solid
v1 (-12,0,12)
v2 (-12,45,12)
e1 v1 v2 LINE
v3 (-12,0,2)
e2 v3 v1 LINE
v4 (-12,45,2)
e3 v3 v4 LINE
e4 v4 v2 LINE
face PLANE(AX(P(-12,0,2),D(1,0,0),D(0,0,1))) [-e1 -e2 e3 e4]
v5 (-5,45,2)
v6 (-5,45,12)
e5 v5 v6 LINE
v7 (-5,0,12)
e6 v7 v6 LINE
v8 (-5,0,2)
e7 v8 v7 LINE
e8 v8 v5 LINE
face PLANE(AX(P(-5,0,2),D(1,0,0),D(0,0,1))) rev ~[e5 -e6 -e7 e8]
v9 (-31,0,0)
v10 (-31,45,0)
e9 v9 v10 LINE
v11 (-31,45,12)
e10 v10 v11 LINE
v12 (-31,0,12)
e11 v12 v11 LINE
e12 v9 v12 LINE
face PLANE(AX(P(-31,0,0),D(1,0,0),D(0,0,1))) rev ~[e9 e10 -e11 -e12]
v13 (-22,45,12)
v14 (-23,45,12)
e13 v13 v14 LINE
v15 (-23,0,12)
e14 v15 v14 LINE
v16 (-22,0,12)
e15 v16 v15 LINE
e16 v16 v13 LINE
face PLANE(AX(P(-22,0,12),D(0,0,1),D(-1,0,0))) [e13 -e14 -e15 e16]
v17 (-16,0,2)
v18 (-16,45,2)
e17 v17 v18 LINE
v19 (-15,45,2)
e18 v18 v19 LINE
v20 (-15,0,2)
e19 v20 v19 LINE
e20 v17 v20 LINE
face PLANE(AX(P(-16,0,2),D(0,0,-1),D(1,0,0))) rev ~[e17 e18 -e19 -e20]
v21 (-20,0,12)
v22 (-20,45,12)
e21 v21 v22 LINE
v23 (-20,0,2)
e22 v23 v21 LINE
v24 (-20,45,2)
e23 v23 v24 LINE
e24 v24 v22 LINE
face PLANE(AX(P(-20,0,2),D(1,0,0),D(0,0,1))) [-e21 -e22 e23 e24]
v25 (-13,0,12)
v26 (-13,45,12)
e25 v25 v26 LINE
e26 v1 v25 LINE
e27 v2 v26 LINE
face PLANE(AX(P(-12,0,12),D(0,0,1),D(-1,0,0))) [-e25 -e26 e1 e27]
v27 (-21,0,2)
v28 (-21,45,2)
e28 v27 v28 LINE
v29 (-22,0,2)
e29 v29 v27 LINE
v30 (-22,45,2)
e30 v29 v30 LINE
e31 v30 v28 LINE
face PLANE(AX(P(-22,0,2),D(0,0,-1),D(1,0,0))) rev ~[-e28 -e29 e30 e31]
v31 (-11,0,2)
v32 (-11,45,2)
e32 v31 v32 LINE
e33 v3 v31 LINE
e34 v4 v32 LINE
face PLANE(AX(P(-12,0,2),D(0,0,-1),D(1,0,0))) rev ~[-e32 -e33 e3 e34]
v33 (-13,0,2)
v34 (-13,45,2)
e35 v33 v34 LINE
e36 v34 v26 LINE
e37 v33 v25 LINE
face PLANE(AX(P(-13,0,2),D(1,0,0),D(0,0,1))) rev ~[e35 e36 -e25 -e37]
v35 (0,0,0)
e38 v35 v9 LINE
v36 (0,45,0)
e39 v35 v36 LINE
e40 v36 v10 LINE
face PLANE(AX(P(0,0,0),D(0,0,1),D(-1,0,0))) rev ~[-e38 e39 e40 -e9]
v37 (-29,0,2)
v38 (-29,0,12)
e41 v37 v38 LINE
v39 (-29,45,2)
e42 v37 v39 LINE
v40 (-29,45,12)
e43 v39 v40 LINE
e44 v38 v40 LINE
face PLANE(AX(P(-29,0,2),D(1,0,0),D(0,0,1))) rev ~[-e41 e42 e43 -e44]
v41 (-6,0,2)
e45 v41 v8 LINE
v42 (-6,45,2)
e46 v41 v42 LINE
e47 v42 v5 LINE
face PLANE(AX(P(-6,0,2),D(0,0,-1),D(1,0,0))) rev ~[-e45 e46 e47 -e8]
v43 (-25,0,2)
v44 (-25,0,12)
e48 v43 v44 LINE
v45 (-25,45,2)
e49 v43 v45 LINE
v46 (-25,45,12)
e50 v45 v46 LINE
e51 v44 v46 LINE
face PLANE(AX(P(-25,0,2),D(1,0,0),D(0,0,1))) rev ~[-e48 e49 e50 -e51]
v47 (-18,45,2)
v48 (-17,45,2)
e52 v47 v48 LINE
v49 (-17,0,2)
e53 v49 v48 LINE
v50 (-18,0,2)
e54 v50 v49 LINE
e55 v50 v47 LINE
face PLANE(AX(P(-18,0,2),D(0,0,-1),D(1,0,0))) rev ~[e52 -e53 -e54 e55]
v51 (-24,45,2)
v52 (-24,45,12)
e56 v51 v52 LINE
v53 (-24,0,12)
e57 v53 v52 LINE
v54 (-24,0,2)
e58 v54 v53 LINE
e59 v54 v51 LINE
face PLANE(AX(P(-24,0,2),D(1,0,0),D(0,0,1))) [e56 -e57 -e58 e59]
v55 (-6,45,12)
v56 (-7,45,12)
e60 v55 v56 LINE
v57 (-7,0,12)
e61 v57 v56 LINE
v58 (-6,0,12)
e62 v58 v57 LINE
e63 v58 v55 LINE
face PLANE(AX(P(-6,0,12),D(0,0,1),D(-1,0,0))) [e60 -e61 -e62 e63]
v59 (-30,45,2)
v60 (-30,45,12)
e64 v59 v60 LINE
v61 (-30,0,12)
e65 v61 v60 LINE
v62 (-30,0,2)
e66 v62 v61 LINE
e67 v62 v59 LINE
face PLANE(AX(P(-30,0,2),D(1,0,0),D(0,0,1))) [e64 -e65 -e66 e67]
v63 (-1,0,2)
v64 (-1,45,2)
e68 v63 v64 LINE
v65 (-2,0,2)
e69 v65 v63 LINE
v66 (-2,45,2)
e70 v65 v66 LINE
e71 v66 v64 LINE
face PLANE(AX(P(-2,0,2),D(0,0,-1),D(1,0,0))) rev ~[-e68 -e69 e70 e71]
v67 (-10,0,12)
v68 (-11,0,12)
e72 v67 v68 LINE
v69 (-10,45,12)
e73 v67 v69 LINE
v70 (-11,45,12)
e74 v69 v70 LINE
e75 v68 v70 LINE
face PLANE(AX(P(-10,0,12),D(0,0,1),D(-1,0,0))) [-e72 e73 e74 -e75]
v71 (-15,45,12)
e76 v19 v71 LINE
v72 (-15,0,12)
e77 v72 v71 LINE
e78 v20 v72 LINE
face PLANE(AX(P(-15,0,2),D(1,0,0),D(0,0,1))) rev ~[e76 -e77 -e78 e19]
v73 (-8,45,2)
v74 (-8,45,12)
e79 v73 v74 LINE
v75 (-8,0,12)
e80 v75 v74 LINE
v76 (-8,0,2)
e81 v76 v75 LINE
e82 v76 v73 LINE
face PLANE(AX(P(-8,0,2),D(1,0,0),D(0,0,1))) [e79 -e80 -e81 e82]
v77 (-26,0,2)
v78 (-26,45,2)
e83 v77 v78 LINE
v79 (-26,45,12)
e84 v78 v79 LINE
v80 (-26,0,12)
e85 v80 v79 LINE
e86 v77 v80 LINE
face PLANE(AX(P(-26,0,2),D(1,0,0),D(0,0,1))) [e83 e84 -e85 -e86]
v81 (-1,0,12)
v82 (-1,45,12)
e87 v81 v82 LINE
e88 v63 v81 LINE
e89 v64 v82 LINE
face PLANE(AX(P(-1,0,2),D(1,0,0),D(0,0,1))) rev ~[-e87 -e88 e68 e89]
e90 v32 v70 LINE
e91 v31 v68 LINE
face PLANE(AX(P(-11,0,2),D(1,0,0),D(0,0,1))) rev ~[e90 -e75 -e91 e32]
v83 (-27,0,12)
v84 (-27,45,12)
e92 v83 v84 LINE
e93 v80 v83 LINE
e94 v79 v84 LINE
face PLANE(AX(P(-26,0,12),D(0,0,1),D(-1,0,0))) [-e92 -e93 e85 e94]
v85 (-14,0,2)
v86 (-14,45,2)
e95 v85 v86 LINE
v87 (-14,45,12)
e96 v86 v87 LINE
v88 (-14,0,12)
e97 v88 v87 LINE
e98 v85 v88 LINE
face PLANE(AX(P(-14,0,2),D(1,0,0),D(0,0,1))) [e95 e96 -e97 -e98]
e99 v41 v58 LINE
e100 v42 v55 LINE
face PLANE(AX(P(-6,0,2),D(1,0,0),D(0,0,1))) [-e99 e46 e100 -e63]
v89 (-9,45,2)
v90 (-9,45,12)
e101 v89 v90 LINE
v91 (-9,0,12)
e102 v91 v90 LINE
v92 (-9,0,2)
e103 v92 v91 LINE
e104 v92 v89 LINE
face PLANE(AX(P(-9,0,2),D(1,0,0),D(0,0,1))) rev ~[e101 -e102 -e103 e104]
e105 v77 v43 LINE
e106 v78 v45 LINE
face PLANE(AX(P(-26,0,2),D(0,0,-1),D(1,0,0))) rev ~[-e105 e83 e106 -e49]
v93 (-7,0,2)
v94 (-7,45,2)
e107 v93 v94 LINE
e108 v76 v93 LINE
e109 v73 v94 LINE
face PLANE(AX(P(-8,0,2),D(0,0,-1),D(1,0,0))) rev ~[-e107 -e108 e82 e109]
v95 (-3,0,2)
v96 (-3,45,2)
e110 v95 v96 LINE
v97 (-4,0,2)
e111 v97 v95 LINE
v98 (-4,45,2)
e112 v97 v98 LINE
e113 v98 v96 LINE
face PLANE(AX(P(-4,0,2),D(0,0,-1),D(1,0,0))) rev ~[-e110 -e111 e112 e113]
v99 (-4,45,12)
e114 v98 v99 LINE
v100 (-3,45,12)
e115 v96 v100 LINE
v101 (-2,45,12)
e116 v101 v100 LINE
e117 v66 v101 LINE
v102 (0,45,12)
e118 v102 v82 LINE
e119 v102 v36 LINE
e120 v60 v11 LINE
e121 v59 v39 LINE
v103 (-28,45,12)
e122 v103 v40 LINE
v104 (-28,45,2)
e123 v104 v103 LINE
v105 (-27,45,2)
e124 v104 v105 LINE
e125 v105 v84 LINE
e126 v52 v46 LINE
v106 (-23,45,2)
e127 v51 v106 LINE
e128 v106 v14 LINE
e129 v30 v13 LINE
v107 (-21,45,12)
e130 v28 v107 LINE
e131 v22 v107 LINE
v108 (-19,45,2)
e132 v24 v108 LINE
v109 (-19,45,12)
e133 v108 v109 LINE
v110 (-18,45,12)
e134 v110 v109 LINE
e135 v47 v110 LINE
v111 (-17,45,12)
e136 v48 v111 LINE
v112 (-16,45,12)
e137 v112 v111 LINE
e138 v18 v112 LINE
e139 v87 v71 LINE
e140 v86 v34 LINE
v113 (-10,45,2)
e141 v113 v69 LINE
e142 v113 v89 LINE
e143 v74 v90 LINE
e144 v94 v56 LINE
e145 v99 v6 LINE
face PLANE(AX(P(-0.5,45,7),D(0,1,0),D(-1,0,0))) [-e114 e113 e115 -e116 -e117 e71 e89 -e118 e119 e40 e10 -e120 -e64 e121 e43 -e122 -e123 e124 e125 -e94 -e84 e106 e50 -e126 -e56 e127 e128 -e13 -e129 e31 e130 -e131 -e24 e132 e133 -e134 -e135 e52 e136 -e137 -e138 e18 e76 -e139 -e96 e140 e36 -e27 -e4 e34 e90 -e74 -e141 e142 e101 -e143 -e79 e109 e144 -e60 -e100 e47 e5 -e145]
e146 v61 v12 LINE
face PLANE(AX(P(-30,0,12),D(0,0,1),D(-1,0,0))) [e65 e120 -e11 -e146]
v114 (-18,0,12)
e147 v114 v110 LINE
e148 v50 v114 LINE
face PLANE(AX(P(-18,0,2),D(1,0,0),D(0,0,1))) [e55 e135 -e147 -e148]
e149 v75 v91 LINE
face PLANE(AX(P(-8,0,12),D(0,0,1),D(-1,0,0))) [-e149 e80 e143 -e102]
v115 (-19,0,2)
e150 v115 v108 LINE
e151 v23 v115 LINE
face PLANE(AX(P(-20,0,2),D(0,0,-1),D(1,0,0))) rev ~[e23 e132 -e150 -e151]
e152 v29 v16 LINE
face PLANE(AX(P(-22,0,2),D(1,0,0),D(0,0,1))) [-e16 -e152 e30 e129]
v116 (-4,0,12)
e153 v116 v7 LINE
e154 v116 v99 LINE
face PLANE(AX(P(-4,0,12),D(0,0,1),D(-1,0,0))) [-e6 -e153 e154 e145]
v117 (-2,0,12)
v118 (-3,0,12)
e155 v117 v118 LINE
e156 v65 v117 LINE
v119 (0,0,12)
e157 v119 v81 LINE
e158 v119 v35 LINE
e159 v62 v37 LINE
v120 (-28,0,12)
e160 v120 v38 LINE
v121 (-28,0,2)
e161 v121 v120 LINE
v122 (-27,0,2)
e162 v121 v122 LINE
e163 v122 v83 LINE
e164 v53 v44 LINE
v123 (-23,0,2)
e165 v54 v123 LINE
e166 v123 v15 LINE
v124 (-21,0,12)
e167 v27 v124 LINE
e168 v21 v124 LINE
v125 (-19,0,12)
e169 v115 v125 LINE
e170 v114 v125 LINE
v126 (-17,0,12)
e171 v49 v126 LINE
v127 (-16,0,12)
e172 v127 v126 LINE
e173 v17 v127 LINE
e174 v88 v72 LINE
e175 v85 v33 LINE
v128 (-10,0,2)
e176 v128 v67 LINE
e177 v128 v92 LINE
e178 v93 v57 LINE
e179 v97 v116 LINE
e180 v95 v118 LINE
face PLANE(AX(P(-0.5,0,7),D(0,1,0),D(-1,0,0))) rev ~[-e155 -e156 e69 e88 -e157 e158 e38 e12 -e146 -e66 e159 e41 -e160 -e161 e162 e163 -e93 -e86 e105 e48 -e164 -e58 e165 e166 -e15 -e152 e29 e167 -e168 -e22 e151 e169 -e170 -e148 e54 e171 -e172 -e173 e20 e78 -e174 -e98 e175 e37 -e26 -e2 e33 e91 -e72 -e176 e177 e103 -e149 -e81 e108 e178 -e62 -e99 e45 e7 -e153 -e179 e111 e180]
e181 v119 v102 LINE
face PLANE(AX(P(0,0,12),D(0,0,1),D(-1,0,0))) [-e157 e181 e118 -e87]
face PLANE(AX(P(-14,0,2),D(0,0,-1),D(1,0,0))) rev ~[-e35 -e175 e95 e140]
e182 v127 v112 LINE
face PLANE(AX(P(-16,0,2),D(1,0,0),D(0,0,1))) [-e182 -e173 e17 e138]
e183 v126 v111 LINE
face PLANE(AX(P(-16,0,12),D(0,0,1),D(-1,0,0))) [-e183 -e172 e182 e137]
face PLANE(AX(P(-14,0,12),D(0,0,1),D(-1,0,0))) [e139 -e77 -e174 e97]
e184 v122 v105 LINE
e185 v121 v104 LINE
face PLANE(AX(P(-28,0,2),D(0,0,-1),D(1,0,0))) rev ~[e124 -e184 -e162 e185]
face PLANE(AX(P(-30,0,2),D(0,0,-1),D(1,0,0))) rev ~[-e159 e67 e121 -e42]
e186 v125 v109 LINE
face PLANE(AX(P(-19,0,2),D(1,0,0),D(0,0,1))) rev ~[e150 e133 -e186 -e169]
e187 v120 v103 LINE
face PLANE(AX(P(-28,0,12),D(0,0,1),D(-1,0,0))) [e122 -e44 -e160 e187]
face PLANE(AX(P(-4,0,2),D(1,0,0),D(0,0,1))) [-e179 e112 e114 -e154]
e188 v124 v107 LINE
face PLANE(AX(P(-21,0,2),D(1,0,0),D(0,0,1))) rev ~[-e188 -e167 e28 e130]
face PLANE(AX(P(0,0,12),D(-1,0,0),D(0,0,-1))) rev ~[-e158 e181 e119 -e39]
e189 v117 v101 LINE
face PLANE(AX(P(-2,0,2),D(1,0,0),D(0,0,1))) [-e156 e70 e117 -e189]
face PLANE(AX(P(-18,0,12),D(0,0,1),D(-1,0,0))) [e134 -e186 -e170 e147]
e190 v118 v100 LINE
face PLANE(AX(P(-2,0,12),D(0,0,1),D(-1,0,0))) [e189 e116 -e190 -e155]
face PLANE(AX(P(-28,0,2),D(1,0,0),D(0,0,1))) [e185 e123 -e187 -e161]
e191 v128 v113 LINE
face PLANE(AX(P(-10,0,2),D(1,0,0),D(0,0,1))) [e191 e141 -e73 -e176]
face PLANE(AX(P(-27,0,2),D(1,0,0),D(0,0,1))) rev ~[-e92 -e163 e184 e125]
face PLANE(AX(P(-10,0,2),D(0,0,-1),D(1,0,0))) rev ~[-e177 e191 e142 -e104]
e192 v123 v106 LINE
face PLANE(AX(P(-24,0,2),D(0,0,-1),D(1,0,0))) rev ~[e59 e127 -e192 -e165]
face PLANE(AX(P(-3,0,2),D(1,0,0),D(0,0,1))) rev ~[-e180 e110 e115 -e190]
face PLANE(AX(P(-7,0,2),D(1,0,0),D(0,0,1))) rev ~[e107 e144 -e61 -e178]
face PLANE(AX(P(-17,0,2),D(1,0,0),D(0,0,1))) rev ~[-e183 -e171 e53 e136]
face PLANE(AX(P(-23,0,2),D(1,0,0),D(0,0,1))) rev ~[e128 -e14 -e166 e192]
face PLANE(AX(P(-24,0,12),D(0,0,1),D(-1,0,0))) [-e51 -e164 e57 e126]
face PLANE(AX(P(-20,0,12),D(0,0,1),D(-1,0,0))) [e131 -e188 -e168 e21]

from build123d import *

# Parameters (mm, degrees)
SKETCH1_W           = 1
SKETCH1_H           = 10
BOSS_EXTRUDE1_DEPTH = 45


with BuildPart() as part:
    # Sketch1 → Boss-Extrude1 (new body)
    with BuildSketch(Plane(origin=(0, 0, 0), x_dir=(-1, 0, 0), z_dir=(0, 1, 0))):
        with Locations((0.5, 7)):
            Rectangle(SKETCH1_W, SKETCH1_H)
        Polygon((1, 2), (0, 2), (0, 0), (31, 0), (31, 2), (30, 2), (29, 2), (28, 2), (27, 2), (26, 2), (25, 2), (24, 2), (23, 2), (22, 2), (21, 2), (20, 2), (19, 2), (18, 2), (17, 2), (16, 2), (15, 2), (14, 2), (13, 2), (12, 2), (11, 2), (10, 2), (9, 2), (8, 2), (7, 2), (6, 2), (5, 2), (4, 2), (3, 2), (2, 2), align=None)
        with Locations((2.5, 7)):
            Rectangle(SKETCH1_W, SKETCH1_H)
        with Locations((4.5, 7)):
            Rectangle(SKETCH1_W, SKETCH1_H)
        with Locations((6.5, 7)):
            Rectangle(SKETCH1_W, SKETCH1_H)
        with Locations((8.5, 7)):
            Rectangle(SKETCH1_W, SKETCH1_H)
        with Locations((10.5, 7)):
            Rectangle(SKETCH1_W, SKETCH1_H)
        with Locations((12.5, 7)):
            Rectangle(SKETCH1_W, SKETCH1_H)
        with Locations((14.5, 7)):
            Rectangle(SKETCH1_W, SKETCH1_H)
        with Locations((16.5, 7)):
            Rectangle(SKETCH1_W, SKETCH1_H)
        with Locations((18.5, 7)):
            Rectangle(SKETCH1_W, SKETCH1_H)
        with Locations((20.5, 7)):
            Rectangle(SKETCH1_W, SKETCH1_H)
        with Locations((22.5, 7)):
            Rectangle(SKETCH1_W, SKETCH1_H)
        with Locations((24.5, 7)):
            Rectangle(SKETCH1_W, SKETCH1_H)
        with Locations((26.5, 7)):
            Rectangle(SKETCH1_W, SKETCH1_H)
        with Locations((28.5, 7)):
            Rectangle(SKETCH1_W, SKETCH1_H)
        with Locations((30.5, 7)):
            Rectangle(SKETCH1_W, SKETCH1_H)
    extrude(amount=BOSS_EXTRUDE1_DEPTH)


solid = part.part
